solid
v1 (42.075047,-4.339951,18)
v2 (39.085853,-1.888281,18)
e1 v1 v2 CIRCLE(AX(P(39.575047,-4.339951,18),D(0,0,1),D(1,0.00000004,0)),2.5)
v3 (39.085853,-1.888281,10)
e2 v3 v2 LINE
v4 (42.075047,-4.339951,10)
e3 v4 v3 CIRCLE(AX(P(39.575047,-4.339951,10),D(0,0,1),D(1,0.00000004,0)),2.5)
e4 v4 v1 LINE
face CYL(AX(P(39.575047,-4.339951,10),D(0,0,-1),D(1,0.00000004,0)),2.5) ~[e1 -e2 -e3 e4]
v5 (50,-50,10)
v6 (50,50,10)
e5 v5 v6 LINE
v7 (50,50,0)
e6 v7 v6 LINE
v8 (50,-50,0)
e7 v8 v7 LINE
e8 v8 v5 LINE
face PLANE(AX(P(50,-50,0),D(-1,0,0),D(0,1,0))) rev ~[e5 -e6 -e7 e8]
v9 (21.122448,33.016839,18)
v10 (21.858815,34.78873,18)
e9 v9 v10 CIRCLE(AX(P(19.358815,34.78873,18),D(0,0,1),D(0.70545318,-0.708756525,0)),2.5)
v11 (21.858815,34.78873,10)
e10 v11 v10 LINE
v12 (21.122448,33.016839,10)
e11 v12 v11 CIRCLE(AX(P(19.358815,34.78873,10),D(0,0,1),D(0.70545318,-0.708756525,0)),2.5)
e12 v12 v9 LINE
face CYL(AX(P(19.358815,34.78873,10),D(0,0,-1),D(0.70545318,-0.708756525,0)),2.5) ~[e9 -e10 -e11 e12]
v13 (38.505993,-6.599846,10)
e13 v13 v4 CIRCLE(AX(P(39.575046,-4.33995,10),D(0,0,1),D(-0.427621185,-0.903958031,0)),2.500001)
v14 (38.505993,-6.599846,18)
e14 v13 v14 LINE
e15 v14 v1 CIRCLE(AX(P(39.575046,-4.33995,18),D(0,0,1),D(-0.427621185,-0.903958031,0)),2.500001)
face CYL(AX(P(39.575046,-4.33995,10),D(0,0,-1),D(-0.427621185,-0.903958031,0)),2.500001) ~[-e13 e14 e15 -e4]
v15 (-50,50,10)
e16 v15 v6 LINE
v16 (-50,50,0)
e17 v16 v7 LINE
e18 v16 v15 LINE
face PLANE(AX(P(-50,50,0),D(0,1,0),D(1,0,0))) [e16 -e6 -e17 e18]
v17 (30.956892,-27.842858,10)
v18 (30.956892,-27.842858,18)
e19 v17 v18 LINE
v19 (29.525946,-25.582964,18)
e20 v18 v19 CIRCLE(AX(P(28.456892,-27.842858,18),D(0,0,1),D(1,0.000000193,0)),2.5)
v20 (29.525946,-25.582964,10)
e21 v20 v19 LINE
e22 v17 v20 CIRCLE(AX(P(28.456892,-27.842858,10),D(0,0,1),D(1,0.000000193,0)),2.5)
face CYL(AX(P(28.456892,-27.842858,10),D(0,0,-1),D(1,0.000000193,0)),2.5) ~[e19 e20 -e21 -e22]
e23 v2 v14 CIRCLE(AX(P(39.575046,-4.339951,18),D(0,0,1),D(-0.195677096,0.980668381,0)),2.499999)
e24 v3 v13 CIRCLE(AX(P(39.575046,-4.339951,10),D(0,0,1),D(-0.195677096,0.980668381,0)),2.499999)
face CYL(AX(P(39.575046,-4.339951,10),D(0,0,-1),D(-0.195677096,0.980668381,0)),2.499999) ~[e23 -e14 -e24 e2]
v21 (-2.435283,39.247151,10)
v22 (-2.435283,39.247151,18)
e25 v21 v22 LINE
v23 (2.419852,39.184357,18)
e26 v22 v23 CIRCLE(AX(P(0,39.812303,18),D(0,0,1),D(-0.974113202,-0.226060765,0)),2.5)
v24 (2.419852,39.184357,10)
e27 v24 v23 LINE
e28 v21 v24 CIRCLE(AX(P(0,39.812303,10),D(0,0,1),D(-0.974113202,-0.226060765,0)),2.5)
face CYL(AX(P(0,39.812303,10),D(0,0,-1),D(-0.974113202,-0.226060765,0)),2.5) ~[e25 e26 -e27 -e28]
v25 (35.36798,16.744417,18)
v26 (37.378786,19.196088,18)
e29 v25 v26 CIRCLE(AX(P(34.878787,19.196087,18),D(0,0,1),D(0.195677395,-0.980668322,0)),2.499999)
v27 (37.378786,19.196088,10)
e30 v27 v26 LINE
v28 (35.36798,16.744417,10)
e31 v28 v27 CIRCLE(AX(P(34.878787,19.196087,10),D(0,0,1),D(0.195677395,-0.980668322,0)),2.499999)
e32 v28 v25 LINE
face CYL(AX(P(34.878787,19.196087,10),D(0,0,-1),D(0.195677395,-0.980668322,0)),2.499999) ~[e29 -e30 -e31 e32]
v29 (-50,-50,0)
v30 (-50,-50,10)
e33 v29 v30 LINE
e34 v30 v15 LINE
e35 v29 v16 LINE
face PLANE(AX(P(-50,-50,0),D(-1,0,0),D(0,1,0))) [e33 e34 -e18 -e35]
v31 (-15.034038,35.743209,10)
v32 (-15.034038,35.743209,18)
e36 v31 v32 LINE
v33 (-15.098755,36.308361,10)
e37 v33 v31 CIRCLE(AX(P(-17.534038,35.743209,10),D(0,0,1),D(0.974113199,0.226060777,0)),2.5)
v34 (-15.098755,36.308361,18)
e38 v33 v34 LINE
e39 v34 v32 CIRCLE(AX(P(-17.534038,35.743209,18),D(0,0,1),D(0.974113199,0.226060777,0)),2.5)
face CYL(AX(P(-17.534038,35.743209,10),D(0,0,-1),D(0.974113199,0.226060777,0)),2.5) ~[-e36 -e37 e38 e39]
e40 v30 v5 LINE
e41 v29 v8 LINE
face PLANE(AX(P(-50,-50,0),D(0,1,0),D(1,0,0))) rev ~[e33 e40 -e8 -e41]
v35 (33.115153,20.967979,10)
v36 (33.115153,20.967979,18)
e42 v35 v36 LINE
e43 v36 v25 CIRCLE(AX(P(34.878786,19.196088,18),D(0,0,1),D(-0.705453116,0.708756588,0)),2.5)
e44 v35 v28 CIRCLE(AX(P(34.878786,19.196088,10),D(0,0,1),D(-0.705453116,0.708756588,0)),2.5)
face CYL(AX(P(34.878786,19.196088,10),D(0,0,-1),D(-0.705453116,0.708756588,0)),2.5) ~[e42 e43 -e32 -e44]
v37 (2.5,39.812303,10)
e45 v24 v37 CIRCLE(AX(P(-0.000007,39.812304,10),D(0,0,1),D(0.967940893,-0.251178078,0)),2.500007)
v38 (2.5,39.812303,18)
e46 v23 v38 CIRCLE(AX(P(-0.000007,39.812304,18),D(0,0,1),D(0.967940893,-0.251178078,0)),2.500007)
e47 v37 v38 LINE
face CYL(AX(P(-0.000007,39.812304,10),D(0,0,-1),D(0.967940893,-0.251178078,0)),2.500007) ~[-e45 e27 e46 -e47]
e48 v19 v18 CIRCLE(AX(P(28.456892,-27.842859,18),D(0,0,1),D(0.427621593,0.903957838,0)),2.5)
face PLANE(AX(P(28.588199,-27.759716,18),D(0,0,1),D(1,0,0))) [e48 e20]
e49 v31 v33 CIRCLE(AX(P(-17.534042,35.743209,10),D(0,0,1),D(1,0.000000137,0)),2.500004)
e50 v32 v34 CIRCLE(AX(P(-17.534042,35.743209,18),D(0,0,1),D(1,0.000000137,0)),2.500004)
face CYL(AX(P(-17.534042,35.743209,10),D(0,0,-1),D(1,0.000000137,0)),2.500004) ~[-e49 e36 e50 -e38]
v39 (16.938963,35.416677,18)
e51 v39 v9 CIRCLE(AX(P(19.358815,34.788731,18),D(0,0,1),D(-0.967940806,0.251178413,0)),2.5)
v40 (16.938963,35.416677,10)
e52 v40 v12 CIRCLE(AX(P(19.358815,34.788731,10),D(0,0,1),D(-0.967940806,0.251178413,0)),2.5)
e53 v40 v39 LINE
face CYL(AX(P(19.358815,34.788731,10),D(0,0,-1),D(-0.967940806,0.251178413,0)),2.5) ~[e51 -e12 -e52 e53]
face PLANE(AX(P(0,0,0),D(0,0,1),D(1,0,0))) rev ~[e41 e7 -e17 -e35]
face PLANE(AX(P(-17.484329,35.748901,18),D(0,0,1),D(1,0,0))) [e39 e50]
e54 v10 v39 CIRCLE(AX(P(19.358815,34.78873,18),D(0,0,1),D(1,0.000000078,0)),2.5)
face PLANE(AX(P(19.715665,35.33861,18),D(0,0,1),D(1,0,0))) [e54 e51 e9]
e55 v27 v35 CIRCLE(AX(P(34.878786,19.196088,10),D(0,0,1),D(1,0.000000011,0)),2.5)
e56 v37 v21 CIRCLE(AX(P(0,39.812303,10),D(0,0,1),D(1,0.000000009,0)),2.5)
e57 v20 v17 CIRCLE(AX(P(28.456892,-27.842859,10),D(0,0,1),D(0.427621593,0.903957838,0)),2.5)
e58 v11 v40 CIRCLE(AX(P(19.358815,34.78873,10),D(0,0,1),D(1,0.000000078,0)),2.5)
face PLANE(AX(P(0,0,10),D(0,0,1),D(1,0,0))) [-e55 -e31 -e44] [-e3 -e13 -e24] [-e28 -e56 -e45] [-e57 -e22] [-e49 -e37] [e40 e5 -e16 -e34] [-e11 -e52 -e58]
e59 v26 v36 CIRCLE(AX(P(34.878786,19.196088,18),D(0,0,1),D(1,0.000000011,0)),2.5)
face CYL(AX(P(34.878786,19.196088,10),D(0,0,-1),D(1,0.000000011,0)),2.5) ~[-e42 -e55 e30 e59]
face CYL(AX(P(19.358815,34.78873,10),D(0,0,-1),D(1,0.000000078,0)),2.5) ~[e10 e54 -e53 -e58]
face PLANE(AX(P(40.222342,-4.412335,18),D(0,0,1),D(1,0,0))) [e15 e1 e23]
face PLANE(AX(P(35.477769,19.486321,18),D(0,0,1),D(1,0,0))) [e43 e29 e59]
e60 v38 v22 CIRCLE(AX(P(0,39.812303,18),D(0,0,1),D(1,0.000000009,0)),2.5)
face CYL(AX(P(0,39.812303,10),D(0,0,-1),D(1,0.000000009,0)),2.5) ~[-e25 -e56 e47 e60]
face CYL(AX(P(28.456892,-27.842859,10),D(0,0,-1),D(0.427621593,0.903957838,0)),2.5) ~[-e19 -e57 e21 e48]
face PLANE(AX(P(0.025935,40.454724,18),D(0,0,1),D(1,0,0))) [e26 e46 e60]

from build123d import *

# Parameters (mm, degrees)
F0_W     = 100
F0_H     = 100
F1_DEPTH = 10
F3_DEPTH = 8


with BuildPart() as f1:
    # F0 (on Top) → F1 (new body)
    with BuildSketch(Plane.XY):
        Rectangle(F0_W, F0_H)
    extrude(amount=F1_DEPTH)

    # F2 (on face) → F3 (join)
    with BuildSketch(Plane.XY.offset(10)):
        with BuildLine():
            ThreePointArc((-15.098755, 36.308361), (-20.017806, 35.458787), (-15.034038, 35.743209))
            ThreePointArc((-15.034038, 35.743209), (-15.05027, 36.027632), (-15.098755, 36.308361))
        make_face()
        with BuildLine():
            ThreePointArc((30.956892, -27.842858), (30.569075, -26.505442), (29.525946, -25.582964))
            ThreePointArc((29.525946, -25.582964), (26.344709, -29.180275), (30.956892, -27.842858))
        make_face()
        with BuildLine():
            ThreePointArc((42.075047, -4.339951), (41.160451, -2.40695), (39.085853, -1.888281))
            Line((39.085853, -1.888281), (39.575047, -4.339951))
            Line((39.575047, -4.339951), (38.505993, -6.599846))
            ThreePointArc((38.505993, -6.599846), (40.912463, -6.452134), (42.075047, -4.339951))
        make_face()
        with BuildLine():
            Line((39.575047, -4.339951), (39.085853, -1.888281))
            ThreePointArc((39.085853, -1.888281), (37.093767, -4.034577), (38.505993, -6.599846))
            Line((38.505993, -6.599846), (39.575047, -4.339951))
        make_face()
        with BuildLine():
            ThreePointArc((37.378786, 19.196088), (35.838191, 21.504668), (33.115153, 20.967979))
            Line((33.115153, 20.967979), (34.878786, 19.196088))
            Line((34.878786, 19.196088), (35.36798, 16.744417))
            ThreePointArc((35.36798, 16.744417), (36.811787, 17.610683), (37.378786, 19.196088))
        make_face()
        with BuildLine():
            Line((34.878786, 19.196088), (33.115153, 20.967979))
            ThreePointArc((33.115153, 20.967979), (32.67296, 18.019511), (35.36798, 16.744417))
            Line((35.36798, 16.744417), (34.878786, 19.196088))
        make_face()
        with BuildLine():
            ThreePointArc((21.858815, 34.78873), (19.675335, 37.268612), (16.938963, 35.416677))
            Line((16.938963, 35.416677), (19.358815, 34.78873))
            Line((19.358815, 34.78873), (21.122448, 33.016839))
            ThreePointArc((21.122448, 33.016839), (21.667395, 33.829325), (21.858815, 34.78873))
        make_face()
        with BuildLine():
            Line((19.358815, 34.78873), (16.938963, 35.416677))
            ThreePointArc((16.938963, 35.416677), (18.114845, 32.620197), (21.122448, 33.016839))
            Line((21.122448, 33.016839), (19.358815, 34.78873))
        make_face()
        with BuildLine():
            ThreePointArc((2.5, 39.812303), (-0.284423, 42.296071), (-2.435283, 39.247151))
            Line((-2.435283, 39.247151), (0, 39.812303))
            Line((0, 39.812303), (2.419852, 39.184357))
            ThreePointArc((2.419852, 39.184357), (2.479882, 39.495783), (2.5, 39.812303))
        make_face()
        with BuildLine():
            Line((0, 39.812303), (-2.435283, 39.247151))
            ThreePointArc((-2.435283, 39.247151), (-0.032331, 37.312512), (2.419852, 39.184357))
            Line((2.419852, 39.184357), (0, 39.812303))
        make_face()
    extrude(amount=F3_DEPTH)


solid = f1.part
